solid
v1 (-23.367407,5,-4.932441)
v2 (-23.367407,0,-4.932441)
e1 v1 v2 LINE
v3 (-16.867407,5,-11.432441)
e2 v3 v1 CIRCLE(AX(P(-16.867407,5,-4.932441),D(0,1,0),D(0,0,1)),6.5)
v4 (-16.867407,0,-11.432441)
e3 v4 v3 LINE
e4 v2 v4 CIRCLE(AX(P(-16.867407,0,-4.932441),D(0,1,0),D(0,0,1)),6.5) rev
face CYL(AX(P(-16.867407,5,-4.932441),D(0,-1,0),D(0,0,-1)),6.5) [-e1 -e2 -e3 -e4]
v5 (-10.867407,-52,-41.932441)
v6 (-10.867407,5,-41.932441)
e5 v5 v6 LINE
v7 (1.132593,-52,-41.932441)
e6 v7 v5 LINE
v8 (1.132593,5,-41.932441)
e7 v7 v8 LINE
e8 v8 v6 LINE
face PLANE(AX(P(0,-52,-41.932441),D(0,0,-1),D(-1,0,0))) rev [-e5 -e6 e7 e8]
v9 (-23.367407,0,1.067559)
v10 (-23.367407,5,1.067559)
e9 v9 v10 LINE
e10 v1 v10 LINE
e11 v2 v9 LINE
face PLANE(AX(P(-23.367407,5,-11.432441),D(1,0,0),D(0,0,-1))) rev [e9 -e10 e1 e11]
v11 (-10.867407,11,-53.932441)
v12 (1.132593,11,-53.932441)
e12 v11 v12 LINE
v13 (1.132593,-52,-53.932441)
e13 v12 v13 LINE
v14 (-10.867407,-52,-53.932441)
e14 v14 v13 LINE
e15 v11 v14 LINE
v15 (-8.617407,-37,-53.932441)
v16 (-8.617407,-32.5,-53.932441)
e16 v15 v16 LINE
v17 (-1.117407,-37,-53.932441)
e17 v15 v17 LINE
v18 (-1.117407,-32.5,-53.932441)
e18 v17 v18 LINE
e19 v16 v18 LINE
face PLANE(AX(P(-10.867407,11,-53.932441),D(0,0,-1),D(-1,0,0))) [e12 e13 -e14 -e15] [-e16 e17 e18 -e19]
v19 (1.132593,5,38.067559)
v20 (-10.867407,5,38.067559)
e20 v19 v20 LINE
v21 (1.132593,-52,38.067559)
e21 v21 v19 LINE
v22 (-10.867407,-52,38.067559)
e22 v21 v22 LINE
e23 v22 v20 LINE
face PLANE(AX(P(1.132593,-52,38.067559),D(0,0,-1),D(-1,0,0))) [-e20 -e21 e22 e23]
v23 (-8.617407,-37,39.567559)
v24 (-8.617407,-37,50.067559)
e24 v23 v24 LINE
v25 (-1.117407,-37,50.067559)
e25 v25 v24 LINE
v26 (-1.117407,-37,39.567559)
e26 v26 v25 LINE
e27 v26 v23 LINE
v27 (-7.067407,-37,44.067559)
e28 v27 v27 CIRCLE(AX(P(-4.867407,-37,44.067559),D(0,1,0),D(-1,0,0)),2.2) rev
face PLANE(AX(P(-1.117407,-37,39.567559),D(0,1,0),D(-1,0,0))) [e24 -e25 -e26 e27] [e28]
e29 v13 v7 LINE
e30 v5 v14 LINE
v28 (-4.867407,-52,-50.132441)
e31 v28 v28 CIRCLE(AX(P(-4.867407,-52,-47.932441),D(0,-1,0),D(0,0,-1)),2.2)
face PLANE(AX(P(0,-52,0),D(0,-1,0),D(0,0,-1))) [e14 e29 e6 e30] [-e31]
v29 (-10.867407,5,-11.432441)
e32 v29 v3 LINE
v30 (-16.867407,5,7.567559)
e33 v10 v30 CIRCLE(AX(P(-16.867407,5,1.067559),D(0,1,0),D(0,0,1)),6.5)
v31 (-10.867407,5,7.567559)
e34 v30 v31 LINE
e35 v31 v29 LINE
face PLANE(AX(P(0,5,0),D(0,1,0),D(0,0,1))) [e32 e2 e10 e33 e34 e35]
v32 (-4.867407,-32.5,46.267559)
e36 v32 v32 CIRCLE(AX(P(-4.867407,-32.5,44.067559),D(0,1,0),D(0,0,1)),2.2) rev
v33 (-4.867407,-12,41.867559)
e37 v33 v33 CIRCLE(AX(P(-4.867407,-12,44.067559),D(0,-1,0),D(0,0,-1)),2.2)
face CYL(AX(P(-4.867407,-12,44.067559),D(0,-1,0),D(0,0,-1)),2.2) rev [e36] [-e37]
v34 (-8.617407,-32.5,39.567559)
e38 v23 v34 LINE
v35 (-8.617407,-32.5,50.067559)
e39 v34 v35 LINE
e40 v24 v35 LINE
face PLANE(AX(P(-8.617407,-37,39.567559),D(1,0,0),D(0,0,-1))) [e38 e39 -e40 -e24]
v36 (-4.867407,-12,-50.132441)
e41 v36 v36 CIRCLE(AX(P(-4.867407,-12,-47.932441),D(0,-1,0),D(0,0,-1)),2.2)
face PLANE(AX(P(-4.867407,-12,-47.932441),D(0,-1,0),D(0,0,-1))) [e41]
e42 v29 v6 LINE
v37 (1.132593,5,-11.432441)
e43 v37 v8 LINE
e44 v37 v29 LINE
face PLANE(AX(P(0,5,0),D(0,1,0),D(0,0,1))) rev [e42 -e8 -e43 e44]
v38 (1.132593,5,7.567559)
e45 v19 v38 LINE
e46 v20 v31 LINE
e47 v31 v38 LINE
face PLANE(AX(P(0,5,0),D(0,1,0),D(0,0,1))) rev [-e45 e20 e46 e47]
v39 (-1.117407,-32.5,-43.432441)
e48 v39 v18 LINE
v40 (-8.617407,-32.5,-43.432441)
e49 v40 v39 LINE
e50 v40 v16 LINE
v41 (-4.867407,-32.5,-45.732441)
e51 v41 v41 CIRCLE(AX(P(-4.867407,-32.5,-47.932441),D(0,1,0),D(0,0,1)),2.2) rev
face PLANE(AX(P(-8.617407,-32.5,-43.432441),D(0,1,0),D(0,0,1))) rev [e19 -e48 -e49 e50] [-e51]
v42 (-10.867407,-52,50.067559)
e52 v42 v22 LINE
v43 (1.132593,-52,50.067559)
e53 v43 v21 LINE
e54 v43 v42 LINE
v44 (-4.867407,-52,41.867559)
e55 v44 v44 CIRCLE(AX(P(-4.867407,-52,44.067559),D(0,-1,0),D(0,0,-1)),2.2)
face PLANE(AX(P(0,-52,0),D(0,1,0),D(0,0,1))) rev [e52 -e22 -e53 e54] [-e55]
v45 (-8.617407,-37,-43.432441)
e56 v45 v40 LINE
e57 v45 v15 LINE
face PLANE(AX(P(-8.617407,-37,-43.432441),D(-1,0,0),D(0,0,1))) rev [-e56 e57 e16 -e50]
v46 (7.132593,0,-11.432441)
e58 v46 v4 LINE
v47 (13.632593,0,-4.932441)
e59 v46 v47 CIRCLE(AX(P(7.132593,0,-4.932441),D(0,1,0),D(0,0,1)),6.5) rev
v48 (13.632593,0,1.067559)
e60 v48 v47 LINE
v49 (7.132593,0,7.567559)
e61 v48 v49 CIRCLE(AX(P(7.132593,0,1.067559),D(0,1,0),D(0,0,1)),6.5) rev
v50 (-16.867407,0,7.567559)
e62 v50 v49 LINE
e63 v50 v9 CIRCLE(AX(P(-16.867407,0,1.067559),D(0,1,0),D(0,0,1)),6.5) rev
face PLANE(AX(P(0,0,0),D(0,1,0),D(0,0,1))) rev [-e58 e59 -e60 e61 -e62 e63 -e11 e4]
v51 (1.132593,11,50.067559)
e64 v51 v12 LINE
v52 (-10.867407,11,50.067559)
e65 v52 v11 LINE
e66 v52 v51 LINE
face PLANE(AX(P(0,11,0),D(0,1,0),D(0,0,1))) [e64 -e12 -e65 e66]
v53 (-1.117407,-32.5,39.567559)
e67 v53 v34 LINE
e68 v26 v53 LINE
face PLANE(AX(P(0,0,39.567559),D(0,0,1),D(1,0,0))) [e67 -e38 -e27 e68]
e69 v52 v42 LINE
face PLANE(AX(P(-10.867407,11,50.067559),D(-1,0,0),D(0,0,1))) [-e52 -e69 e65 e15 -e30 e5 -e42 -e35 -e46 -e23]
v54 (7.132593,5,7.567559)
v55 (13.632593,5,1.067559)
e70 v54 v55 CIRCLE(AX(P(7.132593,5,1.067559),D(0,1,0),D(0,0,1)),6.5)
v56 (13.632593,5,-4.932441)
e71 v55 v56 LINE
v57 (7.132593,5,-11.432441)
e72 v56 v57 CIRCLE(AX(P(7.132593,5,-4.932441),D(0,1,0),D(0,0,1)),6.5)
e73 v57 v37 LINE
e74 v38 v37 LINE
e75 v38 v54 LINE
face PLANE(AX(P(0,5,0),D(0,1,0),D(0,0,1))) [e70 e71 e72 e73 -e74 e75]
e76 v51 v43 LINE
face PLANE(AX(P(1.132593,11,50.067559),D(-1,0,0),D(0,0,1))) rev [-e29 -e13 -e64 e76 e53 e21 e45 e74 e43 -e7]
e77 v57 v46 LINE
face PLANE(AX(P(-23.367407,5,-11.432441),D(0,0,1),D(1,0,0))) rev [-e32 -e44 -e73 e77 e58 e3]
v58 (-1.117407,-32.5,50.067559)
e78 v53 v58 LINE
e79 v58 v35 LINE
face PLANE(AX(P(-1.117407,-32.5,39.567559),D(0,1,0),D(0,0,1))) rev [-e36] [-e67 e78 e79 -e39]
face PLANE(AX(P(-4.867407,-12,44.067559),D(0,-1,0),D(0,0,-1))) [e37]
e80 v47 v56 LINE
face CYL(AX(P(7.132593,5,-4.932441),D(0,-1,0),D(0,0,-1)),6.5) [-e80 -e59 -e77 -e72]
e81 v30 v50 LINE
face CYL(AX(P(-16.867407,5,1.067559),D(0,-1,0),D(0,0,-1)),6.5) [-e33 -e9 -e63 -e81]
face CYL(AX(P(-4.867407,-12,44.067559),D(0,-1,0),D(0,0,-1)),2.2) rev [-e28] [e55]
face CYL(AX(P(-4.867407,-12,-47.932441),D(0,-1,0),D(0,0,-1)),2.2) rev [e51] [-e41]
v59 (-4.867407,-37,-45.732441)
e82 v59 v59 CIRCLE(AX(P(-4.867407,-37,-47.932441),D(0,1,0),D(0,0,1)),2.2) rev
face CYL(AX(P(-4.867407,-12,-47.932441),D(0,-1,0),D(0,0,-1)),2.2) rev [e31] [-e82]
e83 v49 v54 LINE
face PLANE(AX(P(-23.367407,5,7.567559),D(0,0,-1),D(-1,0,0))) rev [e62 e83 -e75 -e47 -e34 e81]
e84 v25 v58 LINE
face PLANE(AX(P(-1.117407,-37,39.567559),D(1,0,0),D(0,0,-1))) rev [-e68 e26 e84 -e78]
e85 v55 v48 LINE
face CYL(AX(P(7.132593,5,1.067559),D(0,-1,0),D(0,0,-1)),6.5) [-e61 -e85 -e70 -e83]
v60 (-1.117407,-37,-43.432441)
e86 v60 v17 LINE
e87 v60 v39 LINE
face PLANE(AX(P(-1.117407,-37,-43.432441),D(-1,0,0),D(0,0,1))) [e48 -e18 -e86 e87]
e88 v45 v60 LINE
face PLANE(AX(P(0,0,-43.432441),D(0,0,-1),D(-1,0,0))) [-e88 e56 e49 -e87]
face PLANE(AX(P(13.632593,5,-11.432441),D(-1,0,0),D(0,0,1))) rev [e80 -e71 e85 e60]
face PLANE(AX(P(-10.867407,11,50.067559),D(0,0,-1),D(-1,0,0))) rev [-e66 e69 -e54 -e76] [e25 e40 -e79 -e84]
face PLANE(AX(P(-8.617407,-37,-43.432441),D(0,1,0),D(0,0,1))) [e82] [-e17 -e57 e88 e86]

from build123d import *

# Parameters (mm, degrees)
ESQUISSE1_W             = 37
ESQUISSE1_H             = 19
BOSS_EXTRU_1_DEPTH      = 5
CONG_1_R                = 6.5
ESQUISSE4_W             = 12
ESQUISSE4_H             = 104
BOSS_EXTRU_2_DEPTH      = 6
ESQUISSE5_W             = 12
ESQUISSE5_H             = 12
BOSS_EXTRU_3_DEPTH      = 57
ESQUISSE6_R             = 2.2
ENL_V_MAT_EXTRU_1_DEPTH = 40
ESQUISSE7_W             = 7.5
ESQUISSE7_H             = 4.5
ENL_V_MAT_EXTRU_2_DEPTH = 10.5
ESQUISSE8_W             = 7.5
ESQUISSE8_H             = 4.5
ENL_V_MAT_EXTRU_3_DEPTH = 10.5


with BuildPart() as part:
    # Esquisse1 → Boss.-Extru.1 (new body)
    with BuildSketch(Plane(origin=(0, 0, 0), x_dir=(1, 0, 0), z_dir=(0, 1, 0))):
        with Locations((-4.867406947, 1.932441033)):
            Rectangle(ESQUISSE1_W, ESQUISSE1_H)
    extrude(amount=BOSS_EXTRU_1_DEPTH)

    # Congé1
    cong_1_edges = [part.edges().sort_by_distance(p)[0] for p in [
        (-23.367406947, 2.5, -11.432441033),
        (13.632593053, 2.5, -11.432441033),
        (13.632593053, 2.5, 7.567558967),
        (-23.367406947, 2.5, 7.567558967),
    ]]
    fillet(cong_1_edges, radius=CONG_1_R)

    # Esquisse4 → Boss.-Extru.2 (add)
    with BuildSketch(Plane(origin=(0, 5, 0), x_dir=(1, 0, 0), z_dir=(0, 1, 0))):
        with Locations((-4.867406947, 1.932441033)):
            Rectangle(ESQUISSE4_W, ESQUISSE4_H)
    extrude(amount=BOSS_EXTRU_2_DEPTH)

    # Esquisse5 → Boss.-Extru.3 (add)
    with BuildSketch(Plane(origin=(0, 5, 0), x_dir=(-1, 0, 0), z_dir=(0, -1, 0))):
        with Locations((4.867406947, 47.932441033)):
            Rectangle(ESQUISSE5_W, ESQUISSE5_H)
        with Locations((4.867406947, -44.067558967)):
            Rectangle(ESQUISSE5_W, ESQUISSE5_H)
    extrude(amount=BOSS_EXTRU_3_DEPTH)

    # Esquisse6 → Enlèv. mat.-Extru.1 (cut)
    with BuildSketch(Plane.XZ.offset(52)):
        with Locations(Location((-4.867406947, 44.067558967, 0), (0, 0, 270))):
            Circle(ESQUISSE6_R)
        with Locations(Location((-4.867406947, -47.932441033, 0), (0, 0, 270))):
            Circle(ESQUISSE6_R)
    extrude(amount=-ENL_V_MAT_EXTRU_1_DEPTH, mode=Mode.SUBTRACT)

    # Esquisse7 → Enlèv. mat.-Extru.2 (cut)
    with BuildSketch(Plane.XY.offset(50.067558967)):
        with Locations((-4.867406947, -34.75)):
            Rectangle(ESQUISSE7_W, ESQUISSE7_H)
    extrude(amount=-ENL_V_MAT_EXTRU_2_DEPTH, mode=Mode.SUBTRACT)

    # Esquisse8 → Enlèv. mat.-Extru.3 (cut)
    with BuildSketch(Plane(origin=(0, 0, -53.932441033), x_dir=(-1, 0, 0), z_dir=(0, 0, -1))):
        with Locations((4.867406947, -34.75)):
            Rectangle(ESQUISSE8_W, ESQUISSE8_H)
    extrude(amount=-ENL_V_MAT_EXTRU_3_DEPTH, mode=Mode.SUBTRACT)


solid = part.part
